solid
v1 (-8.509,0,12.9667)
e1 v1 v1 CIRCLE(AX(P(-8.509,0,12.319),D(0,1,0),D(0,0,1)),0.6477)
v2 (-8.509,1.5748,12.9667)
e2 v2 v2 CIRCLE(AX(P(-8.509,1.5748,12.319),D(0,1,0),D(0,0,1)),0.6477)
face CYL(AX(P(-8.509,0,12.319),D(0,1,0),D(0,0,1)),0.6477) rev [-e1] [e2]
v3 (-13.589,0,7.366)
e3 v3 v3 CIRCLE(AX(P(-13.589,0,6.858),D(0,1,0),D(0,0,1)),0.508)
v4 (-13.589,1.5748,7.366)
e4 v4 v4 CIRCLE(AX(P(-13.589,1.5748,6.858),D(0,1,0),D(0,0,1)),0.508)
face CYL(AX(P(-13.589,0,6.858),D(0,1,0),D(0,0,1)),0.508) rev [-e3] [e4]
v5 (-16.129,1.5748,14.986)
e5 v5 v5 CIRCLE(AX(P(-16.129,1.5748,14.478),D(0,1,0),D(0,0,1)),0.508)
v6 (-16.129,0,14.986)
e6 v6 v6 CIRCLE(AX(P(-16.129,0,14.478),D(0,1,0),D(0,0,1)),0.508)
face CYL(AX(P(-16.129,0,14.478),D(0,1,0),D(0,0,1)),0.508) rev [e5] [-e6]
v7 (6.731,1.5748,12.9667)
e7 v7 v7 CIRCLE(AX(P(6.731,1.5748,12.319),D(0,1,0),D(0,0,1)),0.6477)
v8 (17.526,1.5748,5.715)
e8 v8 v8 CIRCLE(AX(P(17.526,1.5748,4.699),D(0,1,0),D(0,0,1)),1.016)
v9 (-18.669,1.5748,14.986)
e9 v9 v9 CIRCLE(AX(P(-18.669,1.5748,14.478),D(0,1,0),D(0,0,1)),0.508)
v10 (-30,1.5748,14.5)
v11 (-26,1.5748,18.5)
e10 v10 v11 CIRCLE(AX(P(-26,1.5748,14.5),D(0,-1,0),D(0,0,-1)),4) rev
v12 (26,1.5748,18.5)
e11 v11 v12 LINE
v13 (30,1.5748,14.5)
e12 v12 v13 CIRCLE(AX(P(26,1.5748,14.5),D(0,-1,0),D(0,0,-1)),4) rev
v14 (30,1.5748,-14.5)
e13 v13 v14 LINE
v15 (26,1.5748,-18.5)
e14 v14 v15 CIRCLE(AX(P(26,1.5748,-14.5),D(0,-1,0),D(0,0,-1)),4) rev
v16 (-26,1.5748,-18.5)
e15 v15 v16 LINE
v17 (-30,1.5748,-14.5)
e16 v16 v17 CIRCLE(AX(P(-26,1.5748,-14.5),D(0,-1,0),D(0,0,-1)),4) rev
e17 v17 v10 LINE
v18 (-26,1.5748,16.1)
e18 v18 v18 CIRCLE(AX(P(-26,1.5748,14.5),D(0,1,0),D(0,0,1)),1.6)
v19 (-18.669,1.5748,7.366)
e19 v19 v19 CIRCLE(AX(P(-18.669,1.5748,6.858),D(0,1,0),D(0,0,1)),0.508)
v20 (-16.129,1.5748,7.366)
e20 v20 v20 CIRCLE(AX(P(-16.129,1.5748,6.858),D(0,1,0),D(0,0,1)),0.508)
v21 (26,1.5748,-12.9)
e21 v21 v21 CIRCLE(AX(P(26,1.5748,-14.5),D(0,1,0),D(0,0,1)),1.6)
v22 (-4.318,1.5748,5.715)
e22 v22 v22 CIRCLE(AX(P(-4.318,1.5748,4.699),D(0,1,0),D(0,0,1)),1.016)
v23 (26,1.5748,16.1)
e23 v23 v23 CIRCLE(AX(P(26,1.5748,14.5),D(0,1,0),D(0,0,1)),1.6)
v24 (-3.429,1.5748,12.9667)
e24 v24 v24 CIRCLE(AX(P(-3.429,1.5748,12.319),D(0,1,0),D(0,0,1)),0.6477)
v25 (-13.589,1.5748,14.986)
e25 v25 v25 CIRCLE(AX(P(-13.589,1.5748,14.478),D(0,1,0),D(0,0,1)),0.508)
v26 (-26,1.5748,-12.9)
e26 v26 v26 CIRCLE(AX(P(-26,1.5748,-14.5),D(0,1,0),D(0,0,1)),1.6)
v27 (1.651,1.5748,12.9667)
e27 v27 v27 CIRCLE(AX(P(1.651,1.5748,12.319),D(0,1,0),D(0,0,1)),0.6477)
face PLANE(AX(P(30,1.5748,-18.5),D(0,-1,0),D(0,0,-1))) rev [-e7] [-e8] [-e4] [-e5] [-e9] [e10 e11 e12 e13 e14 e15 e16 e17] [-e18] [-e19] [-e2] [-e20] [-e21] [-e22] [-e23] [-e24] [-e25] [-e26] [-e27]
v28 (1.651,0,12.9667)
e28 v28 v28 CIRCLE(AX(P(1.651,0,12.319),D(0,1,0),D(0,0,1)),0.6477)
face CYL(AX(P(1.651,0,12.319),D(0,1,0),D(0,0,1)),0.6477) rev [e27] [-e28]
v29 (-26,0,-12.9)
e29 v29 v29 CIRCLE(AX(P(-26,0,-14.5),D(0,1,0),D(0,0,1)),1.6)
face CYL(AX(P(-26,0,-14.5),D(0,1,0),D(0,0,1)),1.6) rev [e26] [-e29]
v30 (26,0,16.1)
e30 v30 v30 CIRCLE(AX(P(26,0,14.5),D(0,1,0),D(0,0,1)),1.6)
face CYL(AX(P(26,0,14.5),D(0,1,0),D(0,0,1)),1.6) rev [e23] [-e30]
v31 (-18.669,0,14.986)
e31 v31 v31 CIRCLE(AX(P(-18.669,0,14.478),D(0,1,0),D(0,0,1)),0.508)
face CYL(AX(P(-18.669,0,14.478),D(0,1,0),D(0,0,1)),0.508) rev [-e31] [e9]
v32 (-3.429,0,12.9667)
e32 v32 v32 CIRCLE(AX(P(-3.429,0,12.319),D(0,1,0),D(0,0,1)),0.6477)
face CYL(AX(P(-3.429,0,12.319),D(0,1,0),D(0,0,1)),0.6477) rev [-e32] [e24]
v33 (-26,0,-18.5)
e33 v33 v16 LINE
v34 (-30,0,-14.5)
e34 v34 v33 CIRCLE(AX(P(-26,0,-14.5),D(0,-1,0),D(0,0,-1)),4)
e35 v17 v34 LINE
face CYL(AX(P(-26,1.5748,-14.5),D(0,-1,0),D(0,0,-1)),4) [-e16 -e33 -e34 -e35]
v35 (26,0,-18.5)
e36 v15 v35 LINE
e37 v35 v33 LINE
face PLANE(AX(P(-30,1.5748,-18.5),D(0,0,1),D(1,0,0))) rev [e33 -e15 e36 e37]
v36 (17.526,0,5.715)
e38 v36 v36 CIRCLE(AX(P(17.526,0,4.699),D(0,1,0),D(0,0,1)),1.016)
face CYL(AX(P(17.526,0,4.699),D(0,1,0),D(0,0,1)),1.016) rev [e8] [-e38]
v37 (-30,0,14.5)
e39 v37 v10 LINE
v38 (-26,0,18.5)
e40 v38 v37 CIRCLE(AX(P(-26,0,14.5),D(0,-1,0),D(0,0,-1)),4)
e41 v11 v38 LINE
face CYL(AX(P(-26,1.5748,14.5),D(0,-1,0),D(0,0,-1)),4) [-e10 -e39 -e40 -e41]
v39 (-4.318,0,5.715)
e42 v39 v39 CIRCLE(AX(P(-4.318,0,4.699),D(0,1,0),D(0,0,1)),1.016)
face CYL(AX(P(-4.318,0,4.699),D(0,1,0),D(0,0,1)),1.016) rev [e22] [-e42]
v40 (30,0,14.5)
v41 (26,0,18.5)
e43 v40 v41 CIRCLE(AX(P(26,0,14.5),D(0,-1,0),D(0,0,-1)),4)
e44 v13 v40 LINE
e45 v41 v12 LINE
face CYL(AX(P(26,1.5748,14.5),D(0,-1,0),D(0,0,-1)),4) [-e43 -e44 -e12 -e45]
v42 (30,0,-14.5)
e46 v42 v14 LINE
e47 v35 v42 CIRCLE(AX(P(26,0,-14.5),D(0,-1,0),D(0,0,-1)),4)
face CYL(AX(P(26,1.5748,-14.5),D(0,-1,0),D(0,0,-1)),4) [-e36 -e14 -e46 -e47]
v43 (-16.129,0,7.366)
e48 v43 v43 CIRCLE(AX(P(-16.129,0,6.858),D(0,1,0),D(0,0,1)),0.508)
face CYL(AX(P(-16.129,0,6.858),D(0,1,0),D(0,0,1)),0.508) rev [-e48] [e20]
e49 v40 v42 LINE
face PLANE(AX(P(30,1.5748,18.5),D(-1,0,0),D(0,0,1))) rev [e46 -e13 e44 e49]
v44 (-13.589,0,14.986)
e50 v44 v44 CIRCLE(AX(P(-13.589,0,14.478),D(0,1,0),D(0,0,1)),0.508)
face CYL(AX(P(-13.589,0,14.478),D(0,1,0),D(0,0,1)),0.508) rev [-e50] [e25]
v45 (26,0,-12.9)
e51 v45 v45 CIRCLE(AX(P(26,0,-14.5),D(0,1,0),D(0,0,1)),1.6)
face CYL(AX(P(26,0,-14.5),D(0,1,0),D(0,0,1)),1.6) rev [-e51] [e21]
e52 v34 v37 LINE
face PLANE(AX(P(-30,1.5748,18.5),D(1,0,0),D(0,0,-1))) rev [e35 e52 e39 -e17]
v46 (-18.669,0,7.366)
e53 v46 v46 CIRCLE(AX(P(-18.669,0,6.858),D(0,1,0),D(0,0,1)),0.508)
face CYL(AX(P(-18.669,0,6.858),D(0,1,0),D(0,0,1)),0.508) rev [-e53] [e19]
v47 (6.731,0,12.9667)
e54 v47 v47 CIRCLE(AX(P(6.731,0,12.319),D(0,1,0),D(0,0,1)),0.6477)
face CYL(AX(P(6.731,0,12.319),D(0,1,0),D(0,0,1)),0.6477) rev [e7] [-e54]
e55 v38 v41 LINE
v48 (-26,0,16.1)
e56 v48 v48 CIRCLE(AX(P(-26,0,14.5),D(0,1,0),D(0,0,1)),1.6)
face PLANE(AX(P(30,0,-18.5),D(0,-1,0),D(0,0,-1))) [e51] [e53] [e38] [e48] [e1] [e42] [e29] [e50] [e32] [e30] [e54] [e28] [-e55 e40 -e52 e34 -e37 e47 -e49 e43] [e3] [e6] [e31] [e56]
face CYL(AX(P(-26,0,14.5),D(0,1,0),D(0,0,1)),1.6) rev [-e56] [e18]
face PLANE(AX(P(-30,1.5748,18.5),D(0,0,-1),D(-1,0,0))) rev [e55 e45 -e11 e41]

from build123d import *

# Parameters (mm, degrees)
SKETCH1_W            = 60
SKETCH1_H            = 37
BOSS_EXTRUDE1_DEPTH  = 1.5748
FILLET1_R            = 4
SKETCH2_R            = 1.6
CUT_EXTRUDE1_DEPTH   = 36.280731215
SKETCH3_R            = 1.016
CUT_EXTRUDE2_DEPTH   = 36.280731215
SKETCH4_R            = 0.6477
CUT_EXTRUDE3_DEPTH   = 36.280731215
LPATTERN1_COUNT      = 4
LPATTERN1_PITCH      = 5.08
SKETCH5_R            = 0.508
CUT_EXTRUDE4_DEPTH   = 36.280731215
LPATTERN2_COUNT      = 3
LPATTERN2_PITCH      = 2.54
LPATTERN2_COUNT_DIR2 = 2
LPATTERN2_PITCH_DIR2 = 7.62


with BuildPart() as part:
    # Sketch1 → Boss-Extrude1 (new body)
    with BuildSketch(Plane(origin=(0, 0, 0), x_dir=(1, 0, 0), z_dir=(0, 1, 0))):
        Rectangle(SKETCH1_W, SKETCH1_H)
    extrude(amount=BOSS_EXTRUDE1_DEPTH)

    # Fillet1
    fillet1_edges = [part.edges().sort_by_distance(p)[0] for p in [
        (30, 0.7874, 18.5),
        (-30, 0.7874, 18.5),
        (-30, 0.7874, -18.5),
        (30, 0.7874, -18.5),
    ]]
    fillet(fillet1_edges, radius=FILLET1_R)

    # Sketch2 → Cut-Extrude1 (cut, through all)
    with BuildSketch(Plane(origin=(0, 1.5748, 0), x_dir=(1, 0, 0), z_dir=(0, 1, 0))):
        with Locations(Location((-26, 14.5, 0), (0, 0, 270))):
            Circle(SKETCH2_R)
        with Locations(Location((-26, -14.5, 0), (0, 0, 270))):
            Circle(SKETCH2_R)
        with Locations(Location((26, -14.5, 0), (0, 0, 270))):
            Circle(SKETCH2_R)
        with Locations(Location((26, 14.5, 0), (0, 0, 270))):
            Circle(SKETCH2_R)
    extrude(amount=-CUT_EXTRUDE1_DEPTH, mode=Mode.SUBTRACT)

    # Sketch3 → Cut-Extrude2 (cut, through all)
    with BuildSketch(Plane(origin=(0, 1.5748, 0), x_dir=(-1, 0, 0), z_dir=(0, 1, 0))):
        with Locations(Location((4.318, 4.699, 0), (0, 0, 90))):
            Circle(SKETCH3_R)
        with Locations(Location((-17.526, 4.699, 0), (0, 0, 90))):
            Circle(SKETCH3_R)
    extrude(amount=-CUT_EXTRUDE2_DEPTH, mode=Mode.SUBTRACT)

    # Sketch4 → Cut-Extrude3 (cut, through all)
    with BuildSketch(Plane(origin=(0, 1.5748, 0), x_dir=(1, 0, 0), z_dir=(0, 1, 0))):
        with Locations(Location((6.731, -12.319, 0), (0, 0, 270))):
            Circle(SKETCH4_R)
    cut_extrude3 = extrude(amount=-CUT_EXTRUDE3_DEPTH, mode=Mode.SUBTRACT)

    # LPattern1: Cut-Extrude3 ×4
    with Locations(*[(-i * LPATTERN1_PITCH, 0, 0) for i in range(1, LPATTERN1_COUNT)]):
        add(cut_extrude3, mode=Mode.SUBTRACT)

    # Sketch5 → Cut-Extrude4 (cut, through all)
    with BuildSketch(Plane(origin=(0, 1.5748, 0), x_dir=(1, 0, 0), z_dir=(0, 1, 0))):
        with Locations(Location((-13.589, -14.478, 0), (0, 0, 270))):
            Circle(SKETCH5_R)
    cut_extrude4 = extrude(amount=-CUT_EXTRUDE4_DEPTH, mode=Mode.SUBTRACT)

    # LPattern2: Cut-Extrude4 3 × 2
    with Locations(*[(-i * LPATTERN2_PITCH, 0, -j * LPATTERN2_PITCH_DIR2) for i in range(LPATTERN2_COUNT) for j in range(LPATTERN2_COUNT_DIR2) if (i, j) != (0, 0)]):
        add(cut_extrude4, mode=Mode.SUBTRACT)


solid = part.part
